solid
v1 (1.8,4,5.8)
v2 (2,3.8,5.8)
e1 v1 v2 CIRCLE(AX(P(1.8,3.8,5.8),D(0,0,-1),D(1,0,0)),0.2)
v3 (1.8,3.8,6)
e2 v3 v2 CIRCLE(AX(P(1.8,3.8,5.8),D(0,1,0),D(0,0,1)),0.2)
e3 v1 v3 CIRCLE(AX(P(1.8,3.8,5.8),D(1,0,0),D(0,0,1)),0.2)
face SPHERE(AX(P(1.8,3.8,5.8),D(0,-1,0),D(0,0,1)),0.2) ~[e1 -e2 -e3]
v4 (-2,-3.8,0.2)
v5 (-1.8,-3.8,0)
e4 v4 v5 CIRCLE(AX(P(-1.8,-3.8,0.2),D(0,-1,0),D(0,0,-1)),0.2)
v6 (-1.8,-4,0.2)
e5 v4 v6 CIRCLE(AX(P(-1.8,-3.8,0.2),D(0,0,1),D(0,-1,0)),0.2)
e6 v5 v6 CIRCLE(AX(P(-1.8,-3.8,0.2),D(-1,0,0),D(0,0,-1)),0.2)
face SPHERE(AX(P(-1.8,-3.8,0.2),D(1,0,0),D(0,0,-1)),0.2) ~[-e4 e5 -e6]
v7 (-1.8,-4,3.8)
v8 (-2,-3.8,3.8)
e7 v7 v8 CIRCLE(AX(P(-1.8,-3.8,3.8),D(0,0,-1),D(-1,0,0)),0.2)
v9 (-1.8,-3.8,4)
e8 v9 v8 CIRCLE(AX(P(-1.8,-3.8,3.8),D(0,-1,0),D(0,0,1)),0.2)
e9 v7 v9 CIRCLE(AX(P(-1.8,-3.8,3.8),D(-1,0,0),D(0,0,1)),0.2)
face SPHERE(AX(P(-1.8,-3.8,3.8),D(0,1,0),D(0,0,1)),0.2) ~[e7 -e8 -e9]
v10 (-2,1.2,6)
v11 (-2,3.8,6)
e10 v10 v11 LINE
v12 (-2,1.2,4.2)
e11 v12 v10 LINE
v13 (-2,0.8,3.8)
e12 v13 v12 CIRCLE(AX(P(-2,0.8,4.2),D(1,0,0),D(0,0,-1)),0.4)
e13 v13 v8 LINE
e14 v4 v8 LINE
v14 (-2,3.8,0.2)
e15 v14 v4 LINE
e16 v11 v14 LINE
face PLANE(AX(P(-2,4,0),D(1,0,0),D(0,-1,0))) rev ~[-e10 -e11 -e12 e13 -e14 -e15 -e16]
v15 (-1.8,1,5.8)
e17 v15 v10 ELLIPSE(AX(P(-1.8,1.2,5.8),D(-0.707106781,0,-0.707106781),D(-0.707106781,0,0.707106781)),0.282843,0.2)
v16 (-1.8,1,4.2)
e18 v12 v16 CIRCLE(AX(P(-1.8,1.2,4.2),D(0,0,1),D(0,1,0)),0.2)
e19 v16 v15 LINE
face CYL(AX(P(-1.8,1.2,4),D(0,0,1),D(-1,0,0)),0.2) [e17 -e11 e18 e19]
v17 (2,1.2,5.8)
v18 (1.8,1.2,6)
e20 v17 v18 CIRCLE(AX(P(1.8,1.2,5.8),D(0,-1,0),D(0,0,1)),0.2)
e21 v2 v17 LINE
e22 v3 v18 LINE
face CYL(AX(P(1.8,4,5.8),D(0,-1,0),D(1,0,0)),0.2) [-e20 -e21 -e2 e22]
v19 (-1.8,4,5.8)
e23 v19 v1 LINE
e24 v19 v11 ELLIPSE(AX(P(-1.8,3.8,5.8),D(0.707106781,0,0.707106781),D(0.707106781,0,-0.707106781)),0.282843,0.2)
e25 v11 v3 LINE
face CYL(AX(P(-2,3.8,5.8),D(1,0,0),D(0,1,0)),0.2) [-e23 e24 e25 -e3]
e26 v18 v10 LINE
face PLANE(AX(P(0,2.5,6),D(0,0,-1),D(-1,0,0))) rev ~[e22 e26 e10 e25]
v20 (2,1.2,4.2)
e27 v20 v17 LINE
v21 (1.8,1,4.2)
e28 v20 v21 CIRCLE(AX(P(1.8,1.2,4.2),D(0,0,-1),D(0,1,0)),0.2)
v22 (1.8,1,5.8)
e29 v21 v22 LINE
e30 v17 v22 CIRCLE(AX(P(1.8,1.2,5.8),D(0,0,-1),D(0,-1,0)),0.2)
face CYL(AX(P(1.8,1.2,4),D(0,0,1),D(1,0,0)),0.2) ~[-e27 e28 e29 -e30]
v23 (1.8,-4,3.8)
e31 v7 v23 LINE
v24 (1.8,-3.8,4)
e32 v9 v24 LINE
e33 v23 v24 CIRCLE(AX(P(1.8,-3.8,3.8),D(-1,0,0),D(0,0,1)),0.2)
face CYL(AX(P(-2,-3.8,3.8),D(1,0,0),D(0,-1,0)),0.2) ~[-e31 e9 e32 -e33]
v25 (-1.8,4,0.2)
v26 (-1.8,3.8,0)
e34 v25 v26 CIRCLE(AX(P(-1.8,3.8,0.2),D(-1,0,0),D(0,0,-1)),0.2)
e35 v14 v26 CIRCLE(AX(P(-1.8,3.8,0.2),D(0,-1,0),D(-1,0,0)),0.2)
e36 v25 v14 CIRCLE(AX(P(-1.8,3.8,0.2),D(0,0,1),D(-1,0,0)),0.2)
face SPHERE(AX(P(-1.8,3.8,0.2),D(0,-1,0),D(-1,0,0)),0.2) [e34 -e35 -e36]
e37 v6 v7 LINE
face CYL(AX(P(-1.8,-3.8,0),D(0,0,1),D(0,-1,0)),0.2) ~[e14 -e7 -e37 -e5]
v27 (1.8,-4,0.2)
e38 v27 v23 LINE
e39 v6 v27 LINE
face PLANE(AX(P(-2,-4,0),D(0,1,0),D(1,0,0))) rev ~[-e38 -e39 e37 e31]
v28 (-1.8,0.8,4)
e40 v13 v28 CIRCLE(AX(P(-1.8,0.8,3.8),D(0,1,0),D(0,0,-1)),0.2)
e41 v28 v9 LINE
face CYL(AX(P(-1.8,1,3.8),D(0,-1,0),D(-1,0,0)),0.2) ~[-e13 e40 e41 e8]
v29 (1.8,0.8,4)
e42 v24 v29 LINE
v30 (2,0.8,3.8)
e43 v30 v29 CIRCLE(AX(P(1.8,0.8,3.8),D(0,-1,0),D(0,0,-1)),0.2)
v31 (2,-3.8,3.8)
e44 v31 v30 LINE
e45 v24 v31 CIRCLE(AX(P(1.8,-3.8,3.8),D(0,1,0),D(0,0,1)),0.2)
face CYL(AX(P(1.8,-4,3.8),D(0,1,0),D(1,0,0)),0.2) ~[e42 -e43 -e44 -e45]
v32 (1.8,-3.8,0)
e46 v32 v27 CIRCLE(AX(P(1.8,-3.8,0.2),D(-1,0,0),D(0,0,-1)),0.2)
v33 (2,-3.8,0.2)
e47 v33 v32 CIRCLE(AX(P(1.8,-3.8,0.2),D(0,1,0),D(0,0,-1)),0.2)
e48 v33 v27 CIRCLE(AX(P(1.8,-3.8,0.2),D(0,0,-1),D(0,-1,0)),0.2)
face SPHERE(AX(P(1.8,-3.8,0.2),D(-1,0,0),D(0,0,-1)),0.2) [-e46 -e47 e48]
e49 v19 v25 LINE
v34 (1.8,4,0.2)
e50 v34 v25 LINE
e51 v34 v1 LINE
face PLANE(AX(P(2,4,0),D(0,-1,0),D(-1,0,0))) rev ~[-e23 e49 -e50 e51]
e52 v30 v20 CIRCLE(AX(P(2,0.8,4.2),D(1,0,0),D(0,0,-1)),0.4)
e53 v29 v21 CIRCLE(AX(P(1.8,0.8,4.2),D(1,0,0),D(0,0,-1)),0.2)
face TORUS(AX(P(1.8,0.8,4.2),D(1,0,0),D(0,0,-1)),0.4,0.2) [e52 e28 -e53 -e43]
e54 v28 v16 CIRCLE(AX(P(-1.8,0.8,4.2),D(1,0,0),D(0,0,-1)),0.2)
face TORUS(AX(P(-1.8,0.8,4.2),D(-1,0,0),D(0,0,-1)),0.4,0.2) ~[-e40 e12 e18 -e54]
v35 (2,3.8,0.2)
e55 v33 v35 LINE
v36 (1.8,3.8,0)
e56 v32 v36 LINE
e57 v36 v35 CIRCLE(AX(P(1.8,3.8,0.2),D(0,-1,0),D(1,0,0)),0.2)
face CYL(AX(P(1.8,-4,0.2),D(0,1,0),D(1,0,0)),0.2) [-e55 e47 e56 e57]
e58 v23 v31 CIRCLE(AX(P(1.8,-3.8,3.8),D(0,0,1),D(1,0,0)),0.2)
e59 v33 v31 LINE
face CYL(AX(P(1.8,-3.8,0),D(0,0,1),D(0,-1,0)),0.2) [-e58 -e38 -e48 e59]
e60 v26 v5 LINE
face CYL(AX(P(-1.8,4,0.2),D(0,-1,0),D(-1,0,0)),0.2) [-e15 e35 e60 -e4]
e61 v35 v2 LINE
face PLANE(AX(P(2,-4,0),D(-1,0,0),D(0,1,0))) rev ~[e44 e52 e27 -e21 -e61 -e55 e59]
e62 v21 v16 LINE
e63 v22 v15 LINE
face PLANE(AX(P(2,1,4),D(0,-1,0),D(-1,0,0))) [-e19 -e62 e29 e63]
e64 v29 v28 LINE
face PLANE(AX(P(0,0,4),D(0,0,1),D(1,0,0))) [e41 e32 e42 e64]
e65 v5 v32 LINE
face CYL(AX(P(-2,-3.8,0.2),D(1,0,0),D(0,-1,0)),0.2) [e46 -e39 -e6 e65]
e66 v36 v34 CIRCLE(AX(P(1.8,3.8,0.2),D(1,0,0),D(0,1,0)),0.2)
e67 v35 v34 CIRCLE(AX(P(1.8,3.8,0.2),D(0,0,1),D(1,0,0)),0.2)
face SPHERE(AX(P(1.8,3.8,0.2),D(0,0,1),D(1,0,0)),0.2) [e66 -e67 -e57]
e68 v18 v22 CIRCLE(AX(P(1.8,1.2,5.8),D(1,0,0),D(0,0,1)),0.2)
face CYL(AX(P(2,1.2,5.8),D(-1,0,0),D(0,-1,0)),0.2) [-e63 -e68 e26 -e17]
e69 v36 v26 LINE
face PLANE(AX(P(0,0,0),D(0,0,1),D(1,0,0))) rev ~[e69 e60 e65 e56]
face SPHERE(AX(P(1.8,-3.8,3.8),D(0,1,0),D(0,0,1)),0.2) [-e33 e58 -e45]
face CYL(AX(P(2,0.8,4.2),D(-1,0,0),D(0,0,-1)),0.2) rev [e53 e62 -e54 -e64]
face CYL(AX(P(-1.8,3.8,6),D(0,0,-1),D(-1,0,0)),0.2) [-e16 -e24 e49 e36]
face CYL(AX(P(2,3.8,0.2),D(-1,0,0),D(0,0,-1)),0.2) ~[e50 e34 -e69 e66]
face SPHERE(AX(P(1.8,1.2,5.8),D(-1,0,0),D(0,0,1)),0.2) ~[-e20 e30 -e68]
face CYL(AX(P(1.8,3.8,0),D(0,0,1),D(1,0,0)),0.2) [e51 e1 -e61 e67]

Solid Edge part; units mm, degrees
sketch "Sketch1" plane through (0, 0, 0) normal (0, 0, 1) x (1, 0, 0)
  line L0 (-2, -4) -> (2, -4)
  line L1 (2, -4) -> (2, 4)
  line L2 (2, 4) -> (-2, 4)
  line L3 (-2, 4) -> (-2, -4)
  dimension "D1" = 4
  dimension "D2" = 8
extrude "Protrusion1" add sketch "Sketch1" along normal blind 4
sketch "Sketch2" plane through (0, 0, 4) normal (0, 0, 1) x (1, 0, 0)
  line L0 (-2, 4) -> (2, 4)
  line L1 (2, 4) -> (2, 1)
  line L2 (2, 1) -> (-2, 1)
  line L3 (-2, 1) -> (-2, 4)
  dimension "D1" = 5
extrude "ExtrudedProtrusion_2" add sketch "Sketch2" along normal blind 2
fillet "Round_1" radius 0.2 17 edges at (0, 1, 6) (0, 1, 4) (2, 2.5, 6) (0, 4, 6) (2, 4, 3) (2, -1.5, 4) (-2, -1.5, 4) (0, -4, 4) (0, -4, 0) (2, 0, 0) (-2, 0, 0) (-2, 4, 3) (0, 4, 0) (-2, -4, 2) (2, -4, 2) (2, 1, 5) (-2, 1, 5)
properties material "Steel"
